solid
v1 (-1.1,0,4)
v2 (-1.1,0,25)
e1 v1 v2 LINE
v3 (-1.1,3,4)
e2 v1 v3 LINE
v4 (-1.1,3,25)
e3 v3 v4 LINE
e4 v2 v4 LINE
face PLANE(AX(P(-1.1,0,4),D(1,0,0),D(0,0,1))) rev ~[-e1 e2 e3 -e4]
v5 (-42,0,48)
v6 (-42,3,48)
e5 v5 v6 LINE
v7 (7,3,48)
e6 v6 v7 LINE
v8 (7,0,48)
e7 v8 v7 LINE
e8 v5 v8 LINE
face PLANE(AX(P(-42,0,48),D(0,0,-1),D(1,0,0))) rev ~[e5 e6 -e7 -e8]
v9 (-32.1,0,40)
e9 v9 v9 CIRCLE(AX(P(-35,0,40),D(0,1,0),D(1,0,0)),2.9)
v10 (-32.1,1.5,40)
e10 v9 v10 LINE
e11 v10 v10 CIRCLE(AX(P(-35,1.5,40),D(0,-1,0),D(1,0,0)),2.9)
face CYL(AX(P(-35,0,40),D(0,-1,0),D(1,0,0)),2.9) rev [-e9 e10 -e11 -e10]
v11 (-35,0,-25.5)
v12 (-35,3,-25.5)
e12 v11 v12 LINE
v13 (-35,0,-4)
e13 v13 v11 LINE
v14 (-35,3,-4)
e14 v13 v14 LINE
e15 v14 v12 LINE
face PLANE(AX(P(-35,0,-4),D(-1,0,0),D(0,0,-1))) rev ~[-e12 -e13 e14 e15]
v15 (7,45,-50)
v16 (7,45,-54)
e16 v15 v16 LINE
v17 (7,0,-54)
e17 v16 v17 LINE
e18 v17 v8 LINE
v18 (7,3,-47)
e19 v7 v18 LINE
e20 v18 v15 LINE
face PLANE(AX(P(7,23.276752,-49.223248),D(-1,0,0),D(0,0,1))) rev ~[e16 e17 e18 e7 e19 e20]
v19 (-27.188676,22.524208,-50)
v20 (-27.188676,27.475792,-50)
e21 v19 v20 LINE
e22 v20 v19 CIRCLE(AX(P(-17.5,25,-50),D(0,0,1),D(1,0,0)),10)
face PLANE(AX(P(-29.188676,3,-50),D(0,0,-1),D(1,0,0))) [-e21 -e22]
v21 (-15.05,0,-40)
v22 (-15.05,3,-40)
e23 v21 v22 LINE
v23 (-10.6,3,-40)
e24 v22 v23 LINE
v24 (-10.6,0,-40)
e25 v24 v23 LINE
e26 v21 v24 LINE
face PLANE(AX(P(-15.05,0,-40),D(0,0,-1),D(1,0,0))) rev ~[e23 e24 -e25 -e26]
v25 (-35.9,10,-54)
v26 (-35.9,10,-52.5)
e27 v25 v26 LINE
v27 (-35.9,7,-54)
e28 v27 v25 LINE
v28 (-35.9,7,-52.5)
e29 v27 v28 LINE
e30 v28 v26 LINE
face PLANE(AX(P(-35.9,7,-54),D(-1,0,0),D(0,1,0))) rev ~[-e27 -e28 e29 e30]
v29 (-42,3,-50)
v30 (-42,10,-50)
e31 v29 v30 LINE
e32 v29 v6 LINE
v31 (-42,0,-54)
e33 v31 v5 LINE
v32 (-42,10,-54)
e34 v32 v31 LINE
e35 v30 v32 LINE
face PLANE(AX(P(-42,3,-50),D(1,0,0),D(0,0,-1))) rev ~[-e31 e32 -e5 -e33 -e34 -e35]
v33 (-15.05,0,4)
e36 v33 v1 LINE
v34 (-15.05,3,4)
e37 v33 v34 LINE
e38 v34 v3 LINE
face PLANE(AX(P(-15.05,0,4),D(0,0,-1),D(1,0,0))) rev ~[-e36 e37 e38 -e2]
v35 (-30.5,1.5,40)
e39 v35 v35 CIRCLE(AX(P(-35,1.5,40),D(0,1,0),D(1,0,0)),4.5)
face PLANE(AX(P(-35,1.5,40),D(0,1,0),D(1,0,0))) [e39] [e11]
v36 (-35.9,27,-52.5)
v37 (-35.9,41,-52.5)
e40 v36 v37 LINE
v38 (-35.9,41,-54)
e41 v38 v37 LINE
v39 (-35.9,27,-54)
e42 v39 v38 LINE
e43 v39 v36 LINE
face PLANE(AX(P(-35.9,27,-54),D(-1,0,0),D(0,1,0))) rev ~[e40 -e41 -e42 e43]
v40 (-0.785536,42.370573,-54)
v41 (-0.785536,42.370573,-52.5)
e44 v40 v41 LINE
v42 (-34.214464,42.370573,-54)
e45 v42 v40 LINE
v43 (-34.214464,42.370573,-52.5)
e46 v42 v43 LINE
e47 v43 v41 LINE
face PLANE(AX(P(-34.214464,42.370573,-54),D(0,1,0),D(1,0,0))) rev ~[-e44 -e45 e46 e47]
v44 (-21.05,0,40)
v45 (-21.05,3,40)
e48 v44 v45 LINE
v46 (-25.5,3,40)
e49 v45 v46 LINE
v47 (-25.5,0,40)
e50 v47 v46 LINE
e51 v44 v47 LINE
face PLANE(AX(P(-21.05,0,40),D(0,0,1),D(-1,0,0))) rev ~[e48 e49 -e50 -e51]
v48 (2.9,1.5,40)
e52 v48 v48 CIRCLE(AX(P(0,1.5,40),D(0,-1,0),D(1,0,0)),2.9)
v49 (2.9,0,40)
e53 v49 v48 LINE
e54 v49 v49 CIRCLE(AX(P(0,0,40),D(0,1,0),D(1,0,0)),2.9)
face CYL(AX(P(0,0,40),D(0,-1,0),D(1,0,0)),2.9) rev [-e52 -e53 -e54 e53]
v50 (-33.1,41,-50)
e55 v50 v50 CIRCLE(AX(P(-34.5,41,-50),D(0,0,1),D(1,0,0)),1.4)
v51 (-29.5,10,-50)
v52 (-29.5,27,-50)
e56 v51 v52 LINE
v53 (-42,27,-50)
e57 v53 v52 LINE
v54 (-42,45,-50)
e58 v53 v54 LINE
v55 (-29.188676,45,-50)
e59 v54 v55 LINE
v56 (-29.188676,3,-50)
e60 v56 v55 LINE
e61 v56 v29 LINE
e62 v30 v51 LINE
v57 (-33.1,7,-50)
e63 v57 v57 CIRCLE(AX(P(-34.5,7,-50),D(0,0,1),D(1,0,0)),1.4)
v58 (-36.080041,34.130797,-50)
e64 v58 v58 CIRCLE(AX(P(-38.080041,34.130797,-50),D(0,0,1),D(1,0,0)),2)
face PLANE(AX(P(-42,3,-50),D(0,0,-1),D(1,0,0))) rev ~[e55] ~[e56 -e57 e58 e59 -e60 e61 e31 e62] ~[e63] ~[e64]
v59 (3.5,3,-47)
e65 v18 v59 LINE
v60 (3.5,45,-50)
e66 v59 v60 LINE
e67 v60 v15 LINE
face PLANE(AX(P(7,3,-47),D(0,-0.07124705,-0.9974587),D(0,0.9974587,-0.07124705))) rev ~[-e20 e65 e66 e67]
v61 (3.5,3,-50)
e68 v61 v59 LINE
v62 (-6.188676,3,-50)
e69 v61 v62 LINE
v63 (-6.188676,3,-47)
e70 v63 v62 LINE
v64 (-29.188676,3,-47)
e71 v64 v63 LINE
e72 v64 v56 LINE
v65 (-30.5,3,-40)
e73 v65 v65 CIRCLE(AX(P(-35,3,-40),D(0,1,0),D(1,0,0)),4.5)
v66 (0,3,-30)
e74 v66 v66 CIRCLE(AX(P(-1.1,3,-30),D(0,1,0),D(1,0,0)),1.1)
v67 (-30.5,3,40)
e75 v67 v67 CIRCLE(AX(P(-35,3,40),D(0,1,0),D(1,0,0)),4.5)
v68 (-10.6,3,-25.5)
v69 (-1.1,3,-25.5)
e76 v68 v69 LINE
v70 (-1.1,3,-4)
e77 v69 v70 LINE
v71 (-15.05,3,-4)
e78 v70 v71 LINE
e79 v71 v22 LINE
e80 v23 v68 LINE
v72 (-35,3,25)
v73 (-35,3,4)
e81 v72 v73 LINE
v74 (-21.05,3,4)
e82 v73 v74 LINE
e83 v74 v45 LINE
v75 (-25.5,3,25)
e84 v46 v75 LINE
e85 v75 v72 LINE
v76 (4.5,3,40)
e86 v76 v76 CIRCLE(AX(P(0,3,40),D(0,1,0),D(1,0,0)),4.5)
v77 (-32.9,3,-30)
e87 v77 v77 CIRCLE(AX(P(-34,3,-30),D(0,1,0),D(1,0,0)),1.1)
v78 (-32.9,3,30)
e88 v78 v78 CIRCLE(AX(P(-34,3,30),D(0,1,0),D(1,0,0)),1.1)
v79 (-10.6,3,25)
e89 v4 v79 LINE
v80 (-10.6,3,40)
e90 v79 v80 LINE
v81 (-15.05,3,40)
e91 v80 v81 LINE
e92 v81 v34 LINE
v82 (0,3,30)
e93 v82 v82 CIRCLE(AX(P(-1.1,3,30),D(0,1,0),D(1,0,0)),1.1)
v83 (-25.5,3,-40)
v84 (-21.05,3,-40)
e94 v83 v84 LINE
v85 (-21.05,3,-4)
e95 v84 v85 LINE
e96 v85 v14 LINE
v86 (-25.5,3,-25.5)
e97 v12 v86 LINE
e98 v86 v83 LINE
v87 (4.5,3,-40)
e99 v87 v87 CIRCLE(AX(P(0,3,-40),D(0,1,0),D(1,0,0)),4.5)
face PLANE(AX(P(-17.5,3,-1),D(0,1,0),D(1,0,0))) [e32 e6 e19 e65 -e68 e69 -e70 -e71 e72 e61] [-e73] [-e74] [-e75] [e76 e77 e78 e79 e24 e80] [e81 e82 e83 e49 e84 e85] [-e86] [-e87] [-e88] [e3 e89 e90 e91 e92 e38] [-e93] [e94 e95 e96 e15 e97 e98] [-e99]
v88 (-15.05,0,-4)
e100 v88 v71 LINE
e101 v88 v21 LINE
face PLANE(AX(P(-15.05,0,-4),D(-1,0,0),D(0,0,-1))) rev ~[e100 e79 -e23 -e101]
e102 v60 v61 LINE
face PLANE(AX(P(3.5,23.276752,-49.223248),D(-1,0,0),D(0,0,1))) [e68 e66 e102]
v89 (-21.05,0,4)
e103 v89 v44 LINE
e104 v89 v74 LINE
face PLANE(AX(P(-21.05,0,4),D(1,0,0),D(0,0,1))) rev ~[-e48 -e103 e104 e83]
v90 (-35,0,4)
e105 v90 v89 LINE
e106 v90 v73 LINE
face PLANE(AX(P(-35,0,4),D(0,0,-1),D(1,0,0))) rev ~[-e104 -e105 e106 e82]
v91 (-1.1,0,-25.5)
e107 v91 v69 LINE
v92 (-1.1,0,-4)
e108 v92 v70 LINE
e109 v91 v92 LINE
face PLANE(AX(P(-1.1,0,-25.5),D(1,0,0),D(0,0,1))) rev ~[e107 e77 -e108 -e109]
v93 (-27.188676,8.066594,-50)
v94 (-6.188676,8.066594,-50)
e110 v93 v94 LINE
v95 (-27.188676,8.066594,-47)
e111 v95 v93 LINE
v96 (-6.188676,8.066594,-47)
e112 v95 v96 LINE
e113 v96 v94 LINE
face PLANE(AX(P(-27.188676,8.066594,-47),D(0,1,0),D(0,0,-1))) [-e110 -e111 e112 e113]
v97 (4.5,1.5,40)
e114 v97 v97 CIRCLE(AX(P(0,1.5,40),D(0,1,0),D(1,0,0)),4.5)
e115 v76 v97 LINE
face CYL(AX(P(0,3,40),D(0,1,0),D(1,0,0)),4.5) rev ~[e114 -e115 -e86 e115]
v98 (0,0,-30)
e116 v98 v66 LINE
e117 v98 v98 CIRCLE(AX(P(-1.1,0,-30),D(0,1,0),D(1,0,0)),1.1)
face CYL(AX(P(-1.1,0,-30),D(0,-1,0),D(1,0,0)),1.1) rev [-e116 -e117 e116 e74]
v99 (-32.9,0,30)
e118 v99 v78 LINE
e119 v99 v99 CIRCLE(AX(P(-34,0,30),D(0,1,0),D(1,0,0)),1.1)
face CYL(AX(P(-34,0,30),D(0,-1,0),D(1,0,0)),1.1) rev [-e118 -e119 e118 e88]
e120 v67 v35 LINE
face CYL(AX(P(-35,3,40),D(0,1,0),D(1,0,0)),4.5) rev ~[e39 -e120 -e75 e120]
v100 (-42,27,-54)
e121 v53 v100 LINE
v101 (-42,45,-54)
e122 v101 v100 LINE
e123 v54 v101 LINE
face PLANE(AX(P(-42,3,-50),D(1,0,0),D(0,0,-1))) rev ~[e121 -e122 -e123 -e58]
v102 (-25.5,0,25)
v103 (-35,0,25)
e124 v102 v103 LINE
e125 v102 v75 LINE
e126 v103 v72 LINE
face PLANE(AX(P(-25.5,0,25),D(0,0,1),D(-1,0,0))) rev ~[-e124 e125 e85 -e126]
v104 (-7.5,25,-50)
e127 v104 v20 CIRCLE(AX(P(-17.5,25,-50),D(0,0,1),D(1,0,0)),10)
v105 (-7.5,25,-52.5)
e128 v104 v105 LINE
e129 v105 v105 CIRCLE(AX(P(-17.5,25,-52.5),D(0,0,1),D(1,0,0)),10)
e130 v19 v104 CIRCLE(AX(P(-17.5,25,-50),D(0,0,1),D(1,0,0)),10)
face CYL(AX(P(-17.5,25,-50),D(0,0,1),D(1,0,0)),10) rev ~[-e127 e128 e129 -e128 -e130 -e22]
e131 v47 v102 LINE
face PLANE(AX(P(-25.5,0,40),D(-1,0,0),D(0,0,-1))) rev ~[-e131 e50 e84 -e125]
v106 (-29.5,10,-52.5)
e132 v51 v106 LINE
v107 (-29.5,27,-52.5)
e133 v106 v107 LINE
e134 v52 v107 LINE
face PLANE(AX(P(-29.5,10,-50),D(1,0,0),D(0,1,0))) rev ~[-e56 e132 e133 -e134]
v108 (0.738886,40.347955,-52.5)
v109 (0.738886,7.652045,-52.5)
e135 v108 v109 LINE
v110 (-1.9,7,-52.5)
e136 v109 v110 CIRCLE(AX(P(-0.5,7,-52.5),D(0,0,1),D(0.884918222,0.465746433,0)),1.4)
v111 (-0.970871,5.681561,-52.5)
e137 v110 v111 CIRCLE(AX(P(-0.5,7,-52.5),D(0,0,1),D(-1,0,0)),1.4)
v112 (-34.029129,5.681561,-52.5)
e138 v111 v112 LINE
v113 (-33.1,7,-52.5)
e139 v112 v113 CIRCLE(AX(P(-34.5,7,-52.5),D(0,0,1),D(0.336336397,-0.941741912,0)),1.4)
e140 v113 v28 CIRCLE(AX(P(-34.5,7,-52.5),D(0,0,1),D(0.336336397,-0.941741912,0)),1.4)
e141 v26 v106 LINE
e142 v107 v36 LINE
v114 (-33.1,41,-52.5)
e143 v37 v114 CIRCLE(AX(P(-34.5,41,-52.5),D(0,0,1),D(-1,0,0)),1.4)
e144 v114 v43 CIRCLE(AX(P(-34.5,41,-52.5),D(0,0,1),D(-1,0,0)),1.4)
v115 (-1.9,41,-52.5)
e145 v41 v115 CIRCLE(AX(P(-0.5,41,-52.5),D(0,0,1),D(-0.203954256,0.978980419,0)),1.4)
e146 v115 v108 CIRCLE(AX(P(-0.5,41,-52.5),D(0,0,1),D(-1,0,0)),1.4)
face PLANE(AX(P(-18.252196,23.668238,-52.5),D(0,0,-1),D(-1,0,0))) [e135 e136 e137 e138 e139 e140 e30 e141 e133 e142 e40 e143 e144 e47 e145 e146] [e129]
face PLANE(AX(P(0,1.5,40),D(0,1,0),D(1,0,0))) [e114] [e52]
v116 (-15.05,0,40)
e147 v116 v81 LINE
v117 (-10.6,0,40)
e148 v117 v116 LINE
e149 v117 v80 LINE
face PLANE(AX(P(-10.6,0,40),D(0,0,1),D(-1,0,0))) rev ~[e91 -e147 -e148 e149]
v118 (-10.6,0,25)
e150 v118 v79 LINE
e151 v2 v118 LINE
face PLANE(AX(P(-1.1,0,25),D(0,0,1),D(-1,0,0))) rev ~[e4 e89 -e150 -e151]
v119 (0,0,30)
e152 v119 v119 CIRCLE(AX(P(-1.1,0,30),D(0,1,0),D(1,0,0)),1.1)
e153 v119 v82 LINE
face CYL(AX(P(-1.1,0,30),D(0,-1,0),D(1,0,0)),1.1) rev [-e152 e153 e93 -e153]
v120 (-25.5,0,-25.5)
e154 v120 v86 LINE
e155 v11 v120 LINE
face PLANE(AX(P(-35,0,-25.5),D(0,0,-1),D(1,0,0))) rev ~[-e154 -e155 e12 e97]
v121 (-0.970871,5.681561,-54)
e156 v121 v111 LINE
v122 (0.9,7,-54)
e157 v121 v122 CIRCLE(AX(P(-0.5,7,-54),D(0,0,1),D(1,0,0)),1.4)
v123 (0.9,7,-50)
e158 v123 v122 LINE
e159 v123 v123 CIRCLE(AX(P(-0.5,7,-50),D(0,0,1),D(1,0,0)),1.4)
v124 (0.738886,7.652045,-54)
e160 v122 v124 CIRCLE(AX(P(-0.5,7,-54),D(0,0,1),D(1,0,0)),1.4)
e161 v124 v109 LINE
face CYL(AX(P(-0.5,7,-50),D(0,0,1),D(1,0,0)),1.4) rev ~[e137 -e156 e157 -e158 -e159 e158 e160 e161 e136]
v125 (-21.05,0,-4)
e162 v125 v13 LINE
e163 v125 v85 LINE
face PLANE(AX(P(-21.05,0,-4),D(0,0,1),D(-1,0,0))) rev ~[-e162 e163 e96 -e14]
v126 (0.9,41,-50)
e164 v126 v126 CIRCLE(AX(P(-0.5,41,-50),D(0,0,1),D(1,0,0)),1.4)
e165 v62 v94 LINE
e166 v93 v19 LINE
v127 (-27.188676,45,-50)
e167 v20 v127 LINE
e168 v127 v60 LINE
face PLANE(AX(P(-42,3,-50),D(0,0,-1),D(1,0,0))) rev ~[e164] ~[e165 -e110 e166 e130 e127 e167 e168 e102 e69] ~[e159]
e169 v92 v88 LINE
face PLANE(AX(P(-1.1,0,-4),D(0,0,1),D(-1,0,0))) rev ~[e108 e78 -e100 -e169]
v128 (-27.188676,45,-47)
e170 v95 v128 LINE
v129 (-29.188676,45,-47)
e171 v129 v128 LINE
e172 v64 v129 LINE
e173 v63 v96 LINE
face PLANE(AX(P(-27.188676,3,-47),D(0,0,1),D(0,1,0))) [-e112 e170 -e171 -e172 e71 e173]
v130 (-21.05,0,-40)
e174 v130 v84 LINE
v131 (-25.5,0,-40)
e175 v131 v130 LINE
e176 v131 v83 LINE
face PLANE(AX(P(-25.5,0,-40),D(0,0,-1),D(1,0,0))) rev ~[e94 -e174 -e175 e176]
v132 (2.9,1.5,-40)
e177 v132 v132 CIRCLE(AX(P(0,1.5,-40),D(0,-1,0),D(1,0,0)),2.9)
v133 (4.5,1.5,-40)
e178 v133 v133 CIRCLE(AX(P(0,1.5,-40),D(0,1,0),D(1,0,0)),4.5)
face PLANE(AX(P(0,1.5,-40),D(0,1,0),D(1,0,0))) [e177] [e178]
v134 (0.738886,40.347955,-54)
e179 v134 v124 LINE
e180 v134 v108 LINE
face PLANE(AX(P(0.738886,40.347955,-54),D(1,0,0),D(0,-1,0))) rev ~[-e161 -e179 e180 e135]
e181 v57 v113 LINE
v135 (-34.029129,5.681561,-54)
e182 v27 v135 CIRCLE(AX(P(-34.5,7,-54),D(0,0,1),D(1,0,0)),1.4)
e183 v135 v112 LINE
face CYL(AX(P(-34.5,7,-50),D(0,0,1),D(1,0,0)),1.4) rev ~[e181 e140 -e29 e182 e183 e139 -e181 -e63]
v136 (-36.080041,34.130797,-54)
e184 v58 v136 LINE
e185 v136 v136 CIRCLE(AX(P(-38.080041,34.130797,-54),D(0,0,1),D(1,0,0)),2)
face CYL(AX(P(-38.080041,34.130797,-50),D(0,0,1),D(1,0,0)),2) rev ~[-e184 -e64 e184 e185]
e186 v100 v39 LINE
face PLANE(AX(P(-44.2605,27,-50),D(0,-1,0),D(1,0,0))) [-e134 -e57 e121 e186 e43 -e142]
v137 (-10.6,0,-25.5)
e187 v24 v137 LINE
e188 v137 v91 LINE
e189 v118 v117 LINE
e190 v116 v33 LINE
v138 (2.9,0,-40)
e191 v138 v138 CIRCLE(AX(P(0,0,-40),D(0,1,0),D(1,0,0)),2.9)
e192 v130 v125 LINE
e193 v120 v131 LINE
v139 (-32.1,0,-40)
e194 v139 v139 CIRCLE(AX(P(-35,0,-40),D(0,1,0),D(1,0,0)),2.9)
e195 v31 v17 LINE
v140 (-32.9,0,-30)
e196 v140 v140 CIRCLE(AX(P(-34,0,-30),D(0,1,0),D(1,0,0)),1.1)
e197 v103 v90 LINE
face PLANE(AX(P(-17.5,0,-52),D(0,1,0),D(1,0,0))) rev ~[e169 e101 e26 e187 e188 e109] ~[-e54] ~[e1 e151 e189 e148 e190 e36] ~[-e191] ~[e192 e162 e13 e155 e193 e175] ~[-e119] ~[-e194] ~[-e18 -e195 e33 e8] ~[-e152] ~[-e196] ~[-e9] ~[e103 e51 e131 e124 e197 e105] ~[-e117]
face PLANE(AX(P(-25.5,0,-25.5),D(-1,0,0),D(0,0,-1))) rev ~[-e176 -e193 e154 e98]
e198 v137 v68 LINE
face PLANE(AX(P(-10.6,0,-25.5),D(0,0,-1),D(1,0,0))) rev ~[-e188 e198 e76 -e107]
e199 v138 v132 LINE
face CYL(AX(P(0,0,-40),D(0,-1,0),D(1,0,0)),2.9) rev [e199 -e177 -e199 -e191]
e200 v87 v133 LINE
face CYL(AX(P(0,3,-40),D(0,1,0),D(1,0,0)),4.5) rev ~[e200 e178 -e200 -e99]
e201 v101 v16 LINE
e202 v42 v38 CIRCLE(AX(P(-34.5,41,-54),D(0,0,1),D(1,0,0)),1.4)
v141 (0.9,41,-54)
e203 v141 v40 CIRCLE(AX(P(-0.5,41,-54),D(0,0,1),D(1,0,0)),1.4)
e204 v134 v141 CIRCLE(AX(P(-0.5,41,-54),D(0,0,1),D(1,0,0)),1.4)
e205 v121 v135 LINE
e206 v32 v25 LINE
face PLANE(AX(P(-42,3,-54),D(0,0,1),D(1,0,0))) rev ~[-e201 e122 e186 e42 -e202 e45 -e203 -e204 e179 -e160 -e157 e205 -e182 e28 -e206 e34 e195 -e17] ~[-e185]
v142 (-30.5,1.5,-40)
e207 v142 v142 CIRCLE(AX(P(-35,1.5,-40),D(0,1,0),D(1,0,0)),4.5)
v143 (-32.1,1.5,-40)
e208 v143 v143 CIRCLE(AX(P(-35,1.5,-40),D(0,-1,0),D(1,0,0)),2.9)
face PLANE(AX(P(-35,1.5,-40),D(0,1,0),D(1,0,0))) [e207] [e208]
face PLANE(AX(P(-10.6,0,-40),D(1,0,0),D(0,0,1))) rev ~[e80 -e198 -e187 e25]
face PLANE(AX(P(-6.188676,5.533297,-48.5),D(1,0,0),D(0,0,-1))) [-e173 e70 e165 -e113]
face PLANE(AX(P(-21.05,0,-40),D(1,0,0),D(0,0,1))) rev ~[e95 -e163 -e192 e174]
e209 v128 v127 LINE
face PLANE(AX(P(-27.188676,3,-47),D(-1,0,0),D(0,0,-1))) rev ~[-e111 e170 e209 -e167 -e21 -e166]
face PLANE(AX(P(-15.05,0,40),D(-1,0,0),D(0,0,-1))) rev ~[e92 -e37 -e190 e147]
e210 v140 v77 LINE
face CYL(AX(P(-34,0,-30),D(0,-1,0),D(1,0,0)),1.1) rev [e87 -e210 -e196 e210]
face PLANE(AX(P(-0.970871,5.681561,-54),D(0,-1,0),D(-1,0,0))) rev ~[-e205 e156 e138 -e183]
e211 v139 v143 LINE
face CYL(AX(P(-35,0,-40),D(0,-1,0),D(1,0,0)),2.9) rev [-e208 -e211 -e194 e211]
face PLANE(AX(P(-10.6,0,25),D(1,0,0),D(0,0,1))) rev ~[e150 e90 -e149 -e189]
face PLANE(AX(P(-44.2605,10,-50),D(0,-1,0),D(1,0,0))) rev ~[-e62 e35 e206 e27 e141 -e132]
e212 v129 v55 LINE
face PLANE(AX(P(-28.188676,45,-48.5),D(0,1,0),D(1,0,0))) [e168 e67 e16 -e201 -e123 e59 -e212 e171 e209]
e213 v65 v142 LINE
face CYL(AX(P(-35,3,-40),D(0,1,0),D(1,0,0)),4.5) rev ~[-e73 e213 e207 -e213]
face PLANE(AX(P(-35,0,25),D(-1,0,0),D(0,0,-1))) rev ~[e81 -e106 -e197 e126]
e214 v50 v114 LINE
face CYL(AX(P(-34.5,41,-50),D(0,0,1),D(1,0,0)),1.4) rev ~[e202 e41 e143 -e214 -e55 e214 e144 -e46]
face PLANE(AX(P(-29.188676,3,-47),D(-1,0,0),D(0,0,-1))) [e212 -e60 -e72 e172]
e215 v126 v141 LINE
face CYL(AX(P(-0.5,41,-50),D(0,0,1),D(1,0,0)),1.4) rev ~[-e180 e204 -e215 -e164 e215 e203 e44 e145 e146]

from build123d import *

# Parameters (mm, degrees)
SKETCH_1_R           = 2.9
SKETCH_1_R_2         = 1.1
EXTRUDE_1_DEPTH      = 3
SKETCH_2_R           = 4.5
CUT_EXTRUDE_1_DEPTH  = 1.5
SKETCH_3_W           = 49
SKETCH_3_H           = 4
EXTRUDE_2_DEPTH      = 42
EXTRUDE_2_DEPTH_BACK = 3
SKETCH_4_R           = 1.4
SKETCH_4_W           = 14.760499622
SKETCH_4_H           = 17
SKETCH_4_R_2         = 10
SKETCH_4_R_3         = 2
CUT_EXTRUDE_2_DEPTH  = 5
SKETCH_5_R           = 10
CUT_EXTRUDE_3_DEPTH  = 1.5
EXTRUDE_4_DEPTH      = 3.5
SKETCH_9_W           = 2
SKETCH_9_H           = 3
EXTRUDE_5_DEPTH      = 42
SKETCH_10_W          = 3
SKETCH_10_H          = 5.066593596
EXTRUDE_6_DEPTH      = 21


with BuildPart() as part:
    # 草图1 → 凸台-拉伸1 (new body)
    with BuildSketch(Plane(origin=(0, 0, 0), x_dir=(1, 0, 0), z_dir=(0, 1, 0))):
        Polygon((-42, 46), (-42, -1), (-42, -48), (0, -48), (7, -48), (7, 47), (7, 50), (-42, 50), align=None)
        with Locations((-35, -40)):
            Circle(SKETCH_1_R, mode=Mode.SUBTRACT)
        with Locations((-34, -30)):
            Circle(SKETCH_1_R_2, mode=Mode.SUBTRACT)
        Polygon((-35, -25), (-35, -4), (-21.05, -4), (-21.05, -40), (-25.5, -40), (-25.5, -25), align=None, mode=Mode.SUBTRACT)
        with Locations((0, -40)):
            Circle(SKETCH_1_R, mode=Mode.SUBTRACT)
        with Locations((-1.1, -30)):
            Circle(SKETCH_1_R_2, mode=Mode.SUBTRACT)
        Polygon((-1.1, -4), (-1.1, -25), (-10.6, -25), (-10.6, -40), (-15.05, -40), (-15.05, -4), align=None, mode=Mode.SUBTRACT)
        Polygon((-21.05, 4), (-35, 4), (-35, 25.5), (-25.5, 25.5), (-25.5, 40), (-21.05, 40), align=None, mode=Mode.SUBTRACT)
        with Locations((-34, 30)):
            Circle(SKETCH_1_R_2, mode=Mode.SUBTRACT)
        with Locations((-35, 40)):
            Circle(SKETCH_1_R, mode=Mode.SUBTRACT)
        Polygon((-10.6, 25.5), (-1.1, 25.5), (-1.1, 4), (-15.05, 4), (-15.05, 40), (-10.6, 40), align=None, mode=Mode.SUBTRACT)
        with Locations((-1.1, 30)):
            Circle(SKETCH_1_R_2, mode=Mode.SUBTRACT)
        with Locations((0, 40)):
            Circle(SKETCH_1_R, mode=Mode.SUBTRACT)
    extrude(amount=EXTRUDE_1_DEPTH)

    # 草图2 → 切除-拉伸1 (cut)
    with BuildSketch(Plane(origin=(0, 3, 0), x_dir=(1, 0, 0), z_dir=(0, 1, 0))):
        with Locations((-35, 40)):
            Circle(SKETCH_2_R)
        with Locations((0, 40)):
            Circle(SKETCH_2_R)
        with Locations((0, -40)):
            Circle(SKETCH_2_R)
        with Locations((-35, -40)):
            Circle(SKETCH_2_R)
    extrude(amount=-CUT_EXTRUDE_1_DEPTH, mode=Mode.SUBTRACT)

    # 草图3 → 凸台-拉伸2 (add, two sides)
    with BuildSketch(Plane(origin=(0, 3, 0), x_dir=(1, 0, 0), z_dir=(0, 1, 0))) as extrude_2_sk:
        with Locations((-17.5, 52)):
            Rectangle(SKETCH_3_W, SKETCH_3_H)
    extrude(amount=EXTRUDE_2_DEPTH)
    extrude(extrude_2_sk.sketch, amount=-EXTRUDE_2_DEPTH_BACK)

    # 草图4 → 切除-拉伸2 (cut, through all)
    with BuildSketch(Plane.XY.offset(-50)):
        with Locations((-34.5, 7)):
            Circle(SKETCH_4_R)
        with Locations((-36.880249811, 18.5)):
            Rectangle(SKETCH_4_W, SKETCH_4_H)
        with Locations((-34.5, 41)):
            Circle(SKETCH_4_R)
        with Locations((-0.5, 41)):
            Circle(SKETCH_4_R)
        with Locations((-0.5, 7)):
            Circle(SKETCH_4_R)
        with Locations((-17.5, 25)):
            Circle(SKETCH_4_R_2)
        with Locations((-38.080040601, 34.130797069)):
            Circle(SKETCH_4_R_3)
    extrude(amount=-CUT_EXTRUDE_2_DEPTH, mode=Mode.SUBTRACT)

    # 草图5 → 切除-拉伸3 (cut)
    with BuildSketch(Plane(origin=(0, 0, -54), x_dir=(-1, 0, 0), z_dir=(0, 0, -1))):
        with BuildLine():
            ThreePointArc((1.9, 41), (0.835827548, 39.640875334), (-0.738885511, 40.347954994))
            Line((-0.738885511, 40.347954994), (-0.738885511, 7.652045006))
            ThreePointArc((-0.738885511, 7.652045006), (0.835827548, 8.359124666), (1.9, 7))
            ThreePointArc((1.9, 7), (1.644381785, 6.193532189), (0.970870956, 5.681561324))
            Line((0.970870956, 5.681561324), (34.029129044, 5.681561324))
            ThreePointArc((34.029129044, 5.681561324), (33.693532189, 8.144381785), (35.9, 7))
            Line((35.9, 7), (35.9, 10))
            Line((35.9, 10), (29.5, 10))
            Line((29.5, 10), (29.5, 27))
            Line((29.5, 27), (35.9, 27))
            Line((35.9, 27), (35.9, 41))
            ThreePointArc((35.9, 41), (33.616753245, 39.913779411), (34.214464044, 42.370572588))
            Line((34.214464044, 42.370572588), (0.785535956, 42.370572588))
            ThreePointArc((0.785535956, 42.370572588), (1.586220589, 41.883246755), (1.9, 41))
        make_face()
        with Locations((17.5, 25)):
            Circle(SKETCH_5_R, mode=Mode.SUBTRACT)
    extrude(amount=-CUT_EXTRUDE_3_DEPTH, mode=Mode.SUBTRACT)

    # 草图7 → 凸台-拉伸4 (add)
    with BuildSketch(Plane(origin=(7, 0, 0), x_dir=(0, 0, -1), z_dir=(1, 0, 0))):
        Polygon((50, 3), (47, 3), (50, 45), align=None)
    extrude(amount=-EXTRUDE_4_DEPTH)

    # 草图9 → 凸台-拉伸5 (add)
    with BuildSketch(Plane(origin=(0, 3, 0), x_dir=(1, 0, 0), z_dir=(0, 1, 0))):
        with Locations((-28.188676473, 48.5)):
            Rectangle(SKETCH_9_W, SKETCH_9_H)
    extrude(amount=EXTRUDE_5_DEPTH)

    # 草图10 → 凸台-拉伸6 (add)
    with BuildSketch(Plane(origin=(-27.188676473, 0, 0), x_dir=(0, 0, -1), z_dir=(1, 0, 0))):
        with Locations((48.5, 5.533296798)):
            Rectangle(SKETCH_10_W, SKETCH_10_H)
    extrude(amount=EXTRUDE_6_DEPTH)


solid = part.part
